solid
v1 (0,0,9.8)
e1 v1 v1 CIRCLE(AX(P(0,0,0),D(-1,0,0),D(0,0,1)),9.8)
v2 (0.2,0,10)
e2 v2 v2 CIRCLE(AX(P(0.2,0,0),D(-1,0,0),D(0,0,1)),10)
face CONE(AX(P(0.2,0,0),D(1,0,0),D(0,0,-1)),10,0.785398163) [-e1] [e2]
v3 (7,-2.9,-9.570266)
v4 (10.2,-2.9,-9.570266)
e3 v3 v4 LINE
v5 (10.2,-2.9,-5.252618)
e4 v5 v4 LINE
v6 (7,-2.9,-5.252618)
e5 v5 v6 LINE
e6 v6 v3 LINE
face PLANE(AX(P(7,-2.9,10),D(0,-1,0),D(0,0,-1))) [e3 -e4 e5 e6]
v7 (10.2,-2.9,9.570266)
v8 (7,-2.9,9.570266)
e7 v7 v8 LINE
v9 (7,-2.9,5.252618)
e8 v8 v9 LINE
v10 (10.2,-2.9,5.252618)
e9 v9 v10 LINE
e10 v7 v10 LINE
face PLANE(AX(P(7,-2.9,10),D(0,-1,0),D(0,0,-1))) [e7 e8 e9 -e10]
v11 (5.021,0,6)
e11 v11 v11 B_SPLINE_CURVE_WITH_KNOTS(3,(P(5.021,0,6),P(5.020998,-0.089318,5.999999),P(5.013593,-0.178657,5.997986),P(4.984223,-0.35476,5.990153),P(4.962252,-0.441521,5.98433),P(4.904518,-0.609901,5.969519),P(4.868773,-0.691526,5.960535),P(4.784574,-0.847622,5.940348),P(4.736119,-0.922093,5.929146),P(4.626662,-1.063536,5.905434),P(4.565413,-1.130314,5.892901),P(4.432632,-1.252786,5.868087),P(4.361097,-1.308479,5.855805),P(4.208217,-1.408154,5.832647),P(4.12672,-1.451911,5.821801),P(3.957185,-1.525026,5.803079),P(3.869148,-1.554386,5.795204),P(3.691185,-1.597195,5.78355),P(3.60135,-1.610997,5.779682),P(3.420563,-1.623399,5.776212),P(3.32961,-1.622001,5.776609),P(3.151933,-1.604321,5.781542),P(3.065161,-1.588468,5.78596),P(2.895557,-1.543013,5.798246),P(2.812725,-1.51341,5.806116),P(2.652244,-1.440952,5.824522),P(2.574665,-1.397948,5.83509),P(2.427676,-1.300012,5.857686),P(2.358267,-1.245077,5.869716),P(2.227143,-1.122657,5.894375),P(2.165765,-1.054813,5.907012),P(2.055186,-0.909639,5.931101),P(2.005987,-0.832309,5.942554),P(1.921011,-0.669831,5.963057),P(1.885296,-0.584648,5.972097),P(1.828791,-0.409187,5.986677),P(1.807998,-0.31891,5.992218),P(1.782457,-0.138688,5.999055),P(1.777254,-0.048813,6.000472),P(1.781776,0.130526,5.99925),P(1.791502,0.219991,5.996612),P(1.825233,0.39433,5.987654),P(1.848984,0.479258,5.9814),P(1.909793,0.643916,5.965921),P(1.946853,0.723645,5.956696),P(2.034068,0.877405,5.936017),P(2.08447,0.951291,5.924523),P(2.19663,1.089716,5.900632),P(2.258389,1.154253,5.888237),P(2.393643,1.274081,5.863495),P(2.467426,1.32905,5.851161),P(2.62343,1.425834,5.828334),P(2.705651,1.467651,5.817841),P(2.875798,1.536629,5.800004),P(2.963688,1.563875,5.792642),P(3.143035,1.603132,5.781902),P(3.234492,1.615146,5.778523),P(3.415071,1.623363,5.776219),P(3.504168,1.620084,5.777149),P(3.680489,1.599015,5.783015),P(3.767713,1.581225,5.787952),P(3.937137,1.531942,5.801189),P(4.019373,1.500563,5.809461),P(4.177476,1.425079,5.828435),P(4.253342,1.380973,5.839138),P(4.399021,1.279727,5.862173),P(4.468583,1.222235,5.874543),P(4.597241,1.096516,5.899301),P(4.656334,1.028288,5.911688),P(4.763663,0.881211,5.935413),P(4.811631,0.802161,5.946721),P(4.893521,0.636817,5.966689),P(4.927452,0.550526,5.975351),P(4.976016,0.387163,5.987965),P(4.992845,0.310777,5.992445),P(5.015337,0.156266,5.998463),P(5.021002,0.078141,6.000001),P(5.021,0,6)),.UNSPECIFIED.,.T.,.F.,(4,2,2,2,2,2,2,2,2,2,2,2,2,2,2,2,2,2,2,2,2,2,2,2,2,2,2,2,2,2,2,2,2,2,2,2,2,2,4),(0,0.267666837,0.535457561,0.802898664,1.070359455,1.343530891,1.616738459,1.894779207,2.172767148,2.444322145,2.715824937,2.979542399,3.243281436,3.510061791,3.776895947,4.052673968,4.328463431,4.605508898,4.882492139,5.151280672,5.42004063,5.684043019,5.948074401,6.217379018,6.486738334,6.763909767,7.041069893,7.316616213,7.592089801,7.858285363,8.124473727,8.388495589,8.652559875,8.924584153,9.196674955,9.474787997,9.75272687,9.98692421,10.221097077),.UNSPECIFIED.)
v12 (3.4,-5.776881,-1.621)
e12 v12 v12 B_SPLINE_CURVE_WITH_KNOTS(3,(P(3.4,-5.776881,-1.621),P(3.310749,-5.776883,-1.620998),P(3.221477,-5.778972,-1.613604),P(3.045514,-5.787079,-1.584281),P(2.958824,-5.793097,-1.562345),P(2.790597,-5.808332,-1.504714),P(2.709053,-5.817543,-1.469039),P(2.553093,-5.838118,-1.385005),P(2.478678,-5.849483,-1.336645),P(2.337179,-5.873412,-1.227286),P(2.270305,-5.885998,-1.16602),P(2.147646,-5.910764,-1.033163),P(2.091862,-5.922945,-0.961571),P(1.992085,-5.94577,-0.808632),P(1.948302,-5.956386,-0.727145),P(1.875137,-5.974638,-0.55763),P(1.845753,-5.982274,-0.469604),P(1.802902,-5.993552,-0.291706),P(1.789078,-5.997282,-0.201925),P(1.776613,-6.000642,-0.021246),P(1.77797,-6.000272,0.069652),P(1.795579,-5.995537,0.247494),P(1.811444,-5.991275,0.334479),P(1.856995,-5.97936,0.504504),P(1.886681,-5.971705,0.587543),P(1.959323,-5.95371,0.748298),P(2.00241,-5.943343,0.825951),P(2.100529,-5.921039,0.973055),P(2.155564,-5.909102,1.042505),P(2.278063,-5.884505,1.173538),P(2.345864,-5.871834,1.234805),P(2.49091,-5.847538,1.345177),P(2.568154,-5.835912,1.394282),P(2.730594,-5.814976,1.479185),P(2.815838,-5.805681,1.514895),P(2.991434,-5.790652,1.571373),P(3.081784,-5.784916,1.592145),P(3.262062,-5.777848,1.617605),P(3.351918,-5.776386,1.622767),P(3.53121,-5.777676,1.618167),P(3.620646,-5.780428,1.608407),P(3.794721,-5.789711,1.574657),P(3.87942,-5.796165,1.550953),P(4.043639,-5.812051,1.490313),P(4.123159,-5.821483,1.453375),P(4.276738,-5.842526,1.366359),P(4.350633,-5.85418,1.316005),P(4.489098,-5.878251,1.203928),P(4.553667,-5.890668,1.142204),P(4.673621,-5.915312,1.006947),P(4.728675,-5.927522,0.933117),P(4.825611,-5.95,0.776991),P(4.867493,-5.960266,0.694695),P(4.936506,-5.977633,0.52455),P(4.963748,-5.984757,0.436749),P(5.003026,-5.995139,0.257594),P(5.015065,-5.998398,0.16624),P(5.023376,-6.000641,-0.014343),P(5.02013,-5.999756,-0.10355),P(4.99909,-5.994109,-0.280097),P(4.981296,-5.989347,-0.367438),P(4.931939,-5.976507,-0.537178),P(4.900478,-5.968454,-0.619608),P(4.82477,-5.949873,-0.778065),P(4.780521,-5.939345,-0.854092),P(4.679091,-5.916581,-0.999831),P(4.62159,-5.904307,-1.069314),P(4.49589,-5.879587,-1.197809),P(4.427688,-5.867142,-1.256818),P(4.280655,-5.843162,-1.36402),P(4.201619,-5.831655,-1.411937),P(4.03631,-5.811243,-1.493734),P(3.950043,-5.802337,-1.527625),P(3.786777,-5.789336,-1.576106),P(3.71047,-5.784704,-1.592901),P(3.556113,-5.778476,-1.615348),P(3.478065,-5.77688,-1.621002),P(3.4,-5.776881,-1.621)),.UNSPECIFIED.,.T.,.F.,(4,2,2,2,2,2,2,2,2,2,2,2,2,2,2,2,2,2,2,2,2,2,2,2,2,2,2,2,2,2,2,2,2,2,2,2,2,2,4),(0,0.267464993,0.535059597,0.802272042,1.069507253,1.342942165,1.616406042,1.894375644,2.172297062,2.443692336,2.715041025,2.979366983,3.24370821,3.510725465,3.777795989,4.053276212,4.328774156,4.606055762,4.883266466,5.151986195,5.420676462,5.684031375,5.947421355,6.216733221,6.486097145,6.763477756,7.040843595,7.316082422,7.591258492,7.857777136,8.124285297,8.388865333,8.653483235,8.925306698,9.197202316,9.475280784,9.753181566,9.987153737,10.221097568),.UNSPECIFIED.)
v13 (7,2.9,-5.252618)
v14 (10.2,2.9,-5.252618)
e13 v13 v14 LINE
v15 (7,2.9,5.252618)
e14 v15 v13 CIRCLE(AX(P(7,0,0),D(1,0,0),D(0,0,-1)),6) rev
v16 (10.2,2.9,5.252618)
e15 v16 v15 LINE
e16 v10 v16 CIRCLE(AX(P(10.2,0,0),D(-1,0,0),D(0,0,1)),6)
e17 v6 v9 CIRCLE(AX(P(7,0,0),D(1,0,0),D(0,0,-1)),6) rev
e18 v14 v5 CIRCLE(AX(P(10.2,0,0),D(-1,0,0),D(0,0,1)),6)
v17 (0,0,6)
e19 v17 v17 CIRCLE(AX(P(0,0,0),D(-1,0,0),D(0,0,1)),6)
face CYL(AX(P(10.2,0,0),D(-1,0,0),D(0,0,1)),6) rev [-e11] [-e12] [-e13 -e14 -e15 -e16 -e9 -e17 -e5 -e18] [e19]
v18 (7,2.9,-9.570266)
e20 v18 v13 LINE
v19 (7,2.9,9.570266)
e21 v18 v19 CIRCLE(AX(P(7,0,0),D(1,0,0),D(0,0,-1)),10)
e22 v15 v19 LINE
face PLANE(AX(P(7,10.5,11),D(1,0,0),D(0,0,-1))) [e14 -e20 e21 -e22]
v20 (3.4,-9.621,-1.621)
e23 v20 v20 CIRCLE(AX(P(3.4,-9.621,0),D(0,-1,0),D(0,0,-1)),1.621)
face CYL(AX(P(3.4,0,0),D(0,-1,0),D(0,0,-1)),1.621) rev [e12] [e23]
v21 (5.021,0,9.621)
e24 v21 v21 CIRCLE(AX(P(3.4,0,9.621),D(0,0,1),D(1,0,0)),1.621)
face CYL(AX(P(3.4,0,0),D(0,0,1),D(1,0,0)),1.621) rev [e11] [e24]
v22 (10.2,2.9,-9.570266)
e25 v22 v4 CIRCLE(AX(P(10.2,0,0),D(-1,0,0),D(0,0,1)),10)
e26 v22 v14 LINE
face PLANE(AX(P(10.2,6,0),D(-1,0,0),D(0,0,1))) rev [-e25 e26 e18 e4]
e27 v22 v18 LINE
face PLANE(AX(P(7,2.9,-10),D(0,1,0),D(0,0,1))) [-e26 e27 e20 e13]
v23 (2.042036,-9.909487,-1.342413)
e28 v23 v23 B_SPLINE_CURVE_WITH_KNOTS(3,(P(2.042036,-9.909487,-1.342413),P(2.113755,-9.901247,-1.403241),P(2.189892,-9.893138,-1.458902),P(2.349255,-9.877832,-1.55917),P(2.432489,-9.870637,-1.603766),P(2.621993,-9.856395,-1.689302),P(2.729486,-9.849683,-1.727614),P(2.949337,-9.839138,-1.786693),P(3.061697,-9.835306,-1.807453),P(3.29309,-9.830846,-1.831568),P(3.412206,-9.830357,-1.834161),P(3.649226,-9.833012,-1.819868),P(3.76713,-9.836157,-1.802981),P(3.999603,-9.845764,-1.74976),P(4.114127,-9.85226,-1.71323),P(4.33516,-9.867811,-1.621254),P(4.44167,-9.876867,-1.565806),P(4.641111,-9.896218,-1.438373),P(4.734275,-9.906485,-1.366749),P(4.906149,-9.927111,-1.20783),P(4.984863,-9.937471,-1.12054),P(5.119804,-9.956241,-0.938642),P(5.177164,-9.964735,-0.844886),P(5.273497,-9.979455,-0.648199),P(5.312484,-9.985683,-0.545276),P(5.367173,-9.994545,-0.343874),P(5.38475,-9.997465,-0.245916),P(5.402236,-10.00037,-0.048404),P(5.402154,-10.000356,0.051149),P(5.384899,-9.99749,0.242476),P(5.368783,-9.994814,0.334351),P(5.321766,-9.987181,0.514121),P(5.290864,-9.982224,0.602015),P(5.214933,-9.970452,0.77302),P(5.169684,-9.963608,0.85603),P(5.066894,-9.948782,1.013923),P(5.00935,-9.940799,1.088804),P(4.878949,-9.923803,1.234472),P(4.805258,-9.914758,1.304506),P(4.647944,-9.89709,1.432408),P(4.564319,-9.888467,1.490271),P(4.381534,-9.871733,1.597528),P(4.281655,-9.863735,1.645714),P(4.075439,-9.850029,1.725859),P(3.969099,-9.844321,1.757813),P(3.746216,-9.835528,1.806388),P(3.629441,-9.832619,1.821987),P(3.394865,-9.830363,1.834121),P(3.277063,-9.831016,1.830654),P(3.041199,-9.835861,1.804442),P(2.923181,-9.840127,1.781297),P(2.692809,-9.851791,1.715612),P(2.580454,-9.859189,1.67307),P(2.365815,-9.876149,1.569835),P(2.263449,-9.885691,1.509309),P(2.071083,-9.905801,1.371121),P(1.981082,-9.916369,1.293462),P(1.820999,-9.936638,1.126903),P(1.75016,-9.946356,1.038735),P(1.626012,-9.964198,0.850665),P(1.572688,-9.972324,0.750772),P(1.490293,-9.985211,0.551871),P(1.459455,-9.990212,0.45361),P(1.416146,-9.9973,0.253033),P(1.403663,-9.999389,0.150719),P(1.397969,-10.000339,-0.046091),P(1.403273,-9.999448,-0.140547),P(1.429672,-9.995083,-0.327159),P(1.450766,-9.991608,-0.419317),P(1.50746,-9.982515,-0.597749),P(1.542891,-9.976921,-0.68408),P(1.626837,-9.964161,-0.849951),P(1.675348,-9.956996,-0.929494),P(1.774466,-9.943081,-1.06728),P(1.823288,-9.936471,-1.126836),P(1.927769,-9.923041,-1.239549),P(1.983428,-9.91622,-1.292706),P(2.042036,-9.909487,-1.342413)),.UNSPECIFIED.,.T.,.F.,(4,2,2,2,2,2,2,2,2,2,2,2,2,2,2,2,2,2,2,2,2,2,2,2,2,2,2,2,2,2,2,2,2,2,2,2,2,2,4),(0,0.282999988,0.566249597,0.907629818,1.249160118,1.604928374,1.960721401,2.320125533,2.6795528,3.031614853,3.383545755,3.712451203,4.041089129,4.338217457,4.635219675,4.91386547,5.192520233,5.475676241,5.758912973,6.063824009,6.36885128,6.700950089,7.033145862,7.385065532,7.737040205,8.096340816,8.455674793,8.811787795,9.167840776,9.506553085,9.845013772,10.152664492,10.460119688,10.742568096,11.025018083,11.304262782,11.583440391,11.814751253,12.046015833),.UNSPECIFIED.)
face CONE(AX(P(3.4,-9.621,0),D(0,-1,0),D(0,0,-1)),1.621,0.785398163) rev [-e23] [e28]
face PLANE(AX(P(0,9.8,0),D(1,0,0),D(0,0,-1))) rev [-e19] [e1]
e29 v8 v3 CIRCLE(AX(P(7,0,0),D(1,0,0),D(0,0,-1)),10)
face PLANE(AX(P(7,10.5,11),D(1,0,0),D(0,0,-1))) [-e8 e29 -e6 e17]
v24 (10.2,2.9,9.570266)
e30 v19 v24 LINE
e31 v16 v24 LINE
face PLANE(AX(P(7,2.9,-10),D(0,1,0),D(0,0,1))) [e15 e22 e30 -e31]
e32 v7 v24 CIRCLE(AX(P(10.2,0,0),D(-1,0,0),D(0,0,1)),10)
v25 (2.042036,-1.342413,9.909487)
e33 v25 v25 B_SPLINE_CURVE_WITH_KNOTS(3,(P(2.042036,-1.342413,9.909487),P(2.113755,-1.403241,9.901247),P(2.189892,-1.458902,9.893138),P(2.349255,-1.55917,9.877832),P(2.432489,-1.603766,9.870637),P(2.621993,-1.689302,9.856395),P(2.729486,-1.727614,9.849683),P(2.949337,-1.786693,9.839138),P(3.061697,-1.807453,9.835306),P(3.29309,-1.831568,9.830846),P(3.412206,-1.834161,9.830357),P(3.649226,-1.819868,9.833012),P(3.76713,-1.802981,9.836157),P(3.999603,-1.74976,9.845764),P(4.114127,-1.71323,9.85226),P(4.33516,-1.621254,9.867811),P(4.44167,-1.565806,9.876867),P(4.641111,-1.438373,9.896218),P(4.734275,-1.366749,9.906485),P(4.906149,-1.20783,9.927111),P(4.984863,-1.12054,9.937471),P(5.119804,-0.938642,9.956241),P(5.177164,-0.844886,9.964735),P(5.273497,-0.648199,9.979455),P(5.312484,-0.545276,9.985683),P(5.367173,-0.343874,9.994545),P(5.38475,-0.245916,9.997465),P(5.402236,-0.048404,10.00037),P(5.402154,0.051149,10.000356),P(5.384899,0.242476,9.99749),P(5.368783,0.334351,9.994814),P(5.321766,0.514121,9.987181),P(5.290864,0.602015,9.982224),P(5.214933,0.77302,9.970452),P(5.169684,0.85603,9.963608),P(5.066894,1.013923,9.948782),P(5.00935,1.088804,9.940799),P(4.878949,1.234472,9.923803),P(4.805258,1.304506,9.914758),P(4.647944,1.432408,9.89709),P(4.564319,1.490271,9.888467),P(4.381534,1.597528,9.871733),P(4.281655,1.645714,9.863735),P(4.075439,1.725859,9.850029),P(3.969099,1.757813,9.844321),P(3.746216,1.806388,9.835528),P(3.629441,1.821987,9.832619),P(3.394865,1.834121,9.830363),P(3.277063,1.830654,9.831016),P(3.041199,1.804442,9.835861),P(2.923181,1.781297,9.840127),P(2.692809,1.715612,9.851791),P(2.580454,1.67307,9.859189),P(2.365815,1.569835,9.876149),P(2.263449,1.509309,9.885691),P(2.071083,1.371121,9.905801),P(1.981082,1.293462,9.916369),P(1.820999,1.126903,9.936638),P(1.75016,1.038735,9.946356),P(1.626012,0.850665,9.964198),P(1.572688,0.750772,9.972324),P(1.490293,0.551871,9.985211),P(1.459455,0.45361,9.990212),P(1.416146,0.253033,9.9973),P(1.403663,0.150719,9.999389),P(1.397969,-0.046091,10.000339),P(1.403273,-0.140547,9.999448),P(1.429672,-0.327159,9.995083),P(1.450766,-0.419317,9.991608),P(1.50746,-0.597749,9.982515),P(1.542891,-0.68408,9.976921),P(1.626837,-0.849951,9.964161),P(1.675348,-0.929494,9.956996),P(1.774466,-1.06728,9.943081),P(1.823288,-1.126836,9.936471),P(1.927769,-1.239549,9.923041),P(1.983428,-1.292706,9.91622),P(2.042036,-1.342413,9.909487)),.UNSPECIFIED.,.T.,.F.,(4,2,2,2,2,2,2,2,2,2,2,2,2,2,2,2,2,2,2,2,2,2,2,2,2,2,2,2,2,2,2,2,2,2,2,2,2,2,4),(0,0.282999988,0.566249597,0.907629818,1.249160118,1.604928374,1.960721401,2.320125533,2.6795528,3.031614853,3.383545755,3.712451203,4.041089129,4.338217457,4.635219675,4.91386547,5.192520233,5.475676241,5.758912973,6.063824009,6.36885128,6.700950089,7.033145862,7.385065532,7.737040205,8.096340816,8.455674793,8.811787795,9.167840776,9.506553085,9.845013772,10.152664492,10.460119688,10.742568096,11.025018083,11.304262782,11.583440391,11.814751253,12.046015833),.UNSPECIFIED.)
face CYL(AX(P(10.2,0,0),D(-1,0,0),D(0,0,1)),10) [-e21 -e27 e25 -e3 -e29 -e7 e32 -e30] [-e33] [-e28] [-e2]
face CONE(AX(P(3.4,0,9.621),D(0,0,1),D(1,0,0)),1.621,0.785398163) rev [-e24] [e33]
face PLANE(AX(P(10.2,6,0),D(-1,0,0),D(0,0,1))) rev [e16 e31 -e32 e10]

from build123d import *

# Parameters (mm, degrees)
SKETCH2_W          = 22
SKETCH2_H          = 21
SKETCH2_W_2        = 20
SKETCH2_H_2        = 5.8
CUT_EXTRUDE1_DEPTH = 3.2


with BuildPart() as part:
    # Sketch1 → Revolve1 (revolve)
    with BuildSketch(Plane.XY):
        Polygon((0, 9.8), (0, 6), (10.2, 6), (10.2, 10), (0.2, 10), align=None)
    revolve(axis=Axis((10.2, 0, 0), (-1, 0, 0)))

    # Sketch2 → Cut-Extrude1 (cut)
    with BuildSketch(Plane(origin=(10.2, 0, 0), x_dir=(0, 0, -1), z_dir=(1, 0, 0))):
        Rectangle(SKETCH2_W, SKETCH2_H)
        Rectangle(SKETCH2_W_2, SKETCH2_H_2, mode=Mode.SUBTRACT)
    extrude(amount=-CUT_EXTRUDE1_DEPTH, mode=Mode.SUBTRACT)

    # Sketch3 → Cut-Revolve1 (revolve, cut)
    with BuildSketch(Plane(origin=(3.4, 0, 0), x_dir=(0, 0, -1), z_dir=(1, 0, 0))):
        Polygon((-10, 0), (-10, 2), (-9.621, 1.621), (0, 1.621), (0, 0), align=None)
    revolve(axis=Axis((3.4, 0, 0), (0, 0, 1)), mode=Mode.SUBTRACT)

    # Sketch4 → Cut-Revolve2 (revolve, cut)
    with BuildSketch(Plane(origin=(3.4, 0, 0), x_dir=(0, 0, -1), z_dir=(1, 0, 0))):
        Polygon((0, -10), (-2, -10), (-1.621, -9.621), (-1.621, 0), (0, 0), align=None)
    revolve(axis=Axis((3.4, 0, 0), (0, -1, 0)), mode=Mode.SUBTRACT)


solid = part.part
